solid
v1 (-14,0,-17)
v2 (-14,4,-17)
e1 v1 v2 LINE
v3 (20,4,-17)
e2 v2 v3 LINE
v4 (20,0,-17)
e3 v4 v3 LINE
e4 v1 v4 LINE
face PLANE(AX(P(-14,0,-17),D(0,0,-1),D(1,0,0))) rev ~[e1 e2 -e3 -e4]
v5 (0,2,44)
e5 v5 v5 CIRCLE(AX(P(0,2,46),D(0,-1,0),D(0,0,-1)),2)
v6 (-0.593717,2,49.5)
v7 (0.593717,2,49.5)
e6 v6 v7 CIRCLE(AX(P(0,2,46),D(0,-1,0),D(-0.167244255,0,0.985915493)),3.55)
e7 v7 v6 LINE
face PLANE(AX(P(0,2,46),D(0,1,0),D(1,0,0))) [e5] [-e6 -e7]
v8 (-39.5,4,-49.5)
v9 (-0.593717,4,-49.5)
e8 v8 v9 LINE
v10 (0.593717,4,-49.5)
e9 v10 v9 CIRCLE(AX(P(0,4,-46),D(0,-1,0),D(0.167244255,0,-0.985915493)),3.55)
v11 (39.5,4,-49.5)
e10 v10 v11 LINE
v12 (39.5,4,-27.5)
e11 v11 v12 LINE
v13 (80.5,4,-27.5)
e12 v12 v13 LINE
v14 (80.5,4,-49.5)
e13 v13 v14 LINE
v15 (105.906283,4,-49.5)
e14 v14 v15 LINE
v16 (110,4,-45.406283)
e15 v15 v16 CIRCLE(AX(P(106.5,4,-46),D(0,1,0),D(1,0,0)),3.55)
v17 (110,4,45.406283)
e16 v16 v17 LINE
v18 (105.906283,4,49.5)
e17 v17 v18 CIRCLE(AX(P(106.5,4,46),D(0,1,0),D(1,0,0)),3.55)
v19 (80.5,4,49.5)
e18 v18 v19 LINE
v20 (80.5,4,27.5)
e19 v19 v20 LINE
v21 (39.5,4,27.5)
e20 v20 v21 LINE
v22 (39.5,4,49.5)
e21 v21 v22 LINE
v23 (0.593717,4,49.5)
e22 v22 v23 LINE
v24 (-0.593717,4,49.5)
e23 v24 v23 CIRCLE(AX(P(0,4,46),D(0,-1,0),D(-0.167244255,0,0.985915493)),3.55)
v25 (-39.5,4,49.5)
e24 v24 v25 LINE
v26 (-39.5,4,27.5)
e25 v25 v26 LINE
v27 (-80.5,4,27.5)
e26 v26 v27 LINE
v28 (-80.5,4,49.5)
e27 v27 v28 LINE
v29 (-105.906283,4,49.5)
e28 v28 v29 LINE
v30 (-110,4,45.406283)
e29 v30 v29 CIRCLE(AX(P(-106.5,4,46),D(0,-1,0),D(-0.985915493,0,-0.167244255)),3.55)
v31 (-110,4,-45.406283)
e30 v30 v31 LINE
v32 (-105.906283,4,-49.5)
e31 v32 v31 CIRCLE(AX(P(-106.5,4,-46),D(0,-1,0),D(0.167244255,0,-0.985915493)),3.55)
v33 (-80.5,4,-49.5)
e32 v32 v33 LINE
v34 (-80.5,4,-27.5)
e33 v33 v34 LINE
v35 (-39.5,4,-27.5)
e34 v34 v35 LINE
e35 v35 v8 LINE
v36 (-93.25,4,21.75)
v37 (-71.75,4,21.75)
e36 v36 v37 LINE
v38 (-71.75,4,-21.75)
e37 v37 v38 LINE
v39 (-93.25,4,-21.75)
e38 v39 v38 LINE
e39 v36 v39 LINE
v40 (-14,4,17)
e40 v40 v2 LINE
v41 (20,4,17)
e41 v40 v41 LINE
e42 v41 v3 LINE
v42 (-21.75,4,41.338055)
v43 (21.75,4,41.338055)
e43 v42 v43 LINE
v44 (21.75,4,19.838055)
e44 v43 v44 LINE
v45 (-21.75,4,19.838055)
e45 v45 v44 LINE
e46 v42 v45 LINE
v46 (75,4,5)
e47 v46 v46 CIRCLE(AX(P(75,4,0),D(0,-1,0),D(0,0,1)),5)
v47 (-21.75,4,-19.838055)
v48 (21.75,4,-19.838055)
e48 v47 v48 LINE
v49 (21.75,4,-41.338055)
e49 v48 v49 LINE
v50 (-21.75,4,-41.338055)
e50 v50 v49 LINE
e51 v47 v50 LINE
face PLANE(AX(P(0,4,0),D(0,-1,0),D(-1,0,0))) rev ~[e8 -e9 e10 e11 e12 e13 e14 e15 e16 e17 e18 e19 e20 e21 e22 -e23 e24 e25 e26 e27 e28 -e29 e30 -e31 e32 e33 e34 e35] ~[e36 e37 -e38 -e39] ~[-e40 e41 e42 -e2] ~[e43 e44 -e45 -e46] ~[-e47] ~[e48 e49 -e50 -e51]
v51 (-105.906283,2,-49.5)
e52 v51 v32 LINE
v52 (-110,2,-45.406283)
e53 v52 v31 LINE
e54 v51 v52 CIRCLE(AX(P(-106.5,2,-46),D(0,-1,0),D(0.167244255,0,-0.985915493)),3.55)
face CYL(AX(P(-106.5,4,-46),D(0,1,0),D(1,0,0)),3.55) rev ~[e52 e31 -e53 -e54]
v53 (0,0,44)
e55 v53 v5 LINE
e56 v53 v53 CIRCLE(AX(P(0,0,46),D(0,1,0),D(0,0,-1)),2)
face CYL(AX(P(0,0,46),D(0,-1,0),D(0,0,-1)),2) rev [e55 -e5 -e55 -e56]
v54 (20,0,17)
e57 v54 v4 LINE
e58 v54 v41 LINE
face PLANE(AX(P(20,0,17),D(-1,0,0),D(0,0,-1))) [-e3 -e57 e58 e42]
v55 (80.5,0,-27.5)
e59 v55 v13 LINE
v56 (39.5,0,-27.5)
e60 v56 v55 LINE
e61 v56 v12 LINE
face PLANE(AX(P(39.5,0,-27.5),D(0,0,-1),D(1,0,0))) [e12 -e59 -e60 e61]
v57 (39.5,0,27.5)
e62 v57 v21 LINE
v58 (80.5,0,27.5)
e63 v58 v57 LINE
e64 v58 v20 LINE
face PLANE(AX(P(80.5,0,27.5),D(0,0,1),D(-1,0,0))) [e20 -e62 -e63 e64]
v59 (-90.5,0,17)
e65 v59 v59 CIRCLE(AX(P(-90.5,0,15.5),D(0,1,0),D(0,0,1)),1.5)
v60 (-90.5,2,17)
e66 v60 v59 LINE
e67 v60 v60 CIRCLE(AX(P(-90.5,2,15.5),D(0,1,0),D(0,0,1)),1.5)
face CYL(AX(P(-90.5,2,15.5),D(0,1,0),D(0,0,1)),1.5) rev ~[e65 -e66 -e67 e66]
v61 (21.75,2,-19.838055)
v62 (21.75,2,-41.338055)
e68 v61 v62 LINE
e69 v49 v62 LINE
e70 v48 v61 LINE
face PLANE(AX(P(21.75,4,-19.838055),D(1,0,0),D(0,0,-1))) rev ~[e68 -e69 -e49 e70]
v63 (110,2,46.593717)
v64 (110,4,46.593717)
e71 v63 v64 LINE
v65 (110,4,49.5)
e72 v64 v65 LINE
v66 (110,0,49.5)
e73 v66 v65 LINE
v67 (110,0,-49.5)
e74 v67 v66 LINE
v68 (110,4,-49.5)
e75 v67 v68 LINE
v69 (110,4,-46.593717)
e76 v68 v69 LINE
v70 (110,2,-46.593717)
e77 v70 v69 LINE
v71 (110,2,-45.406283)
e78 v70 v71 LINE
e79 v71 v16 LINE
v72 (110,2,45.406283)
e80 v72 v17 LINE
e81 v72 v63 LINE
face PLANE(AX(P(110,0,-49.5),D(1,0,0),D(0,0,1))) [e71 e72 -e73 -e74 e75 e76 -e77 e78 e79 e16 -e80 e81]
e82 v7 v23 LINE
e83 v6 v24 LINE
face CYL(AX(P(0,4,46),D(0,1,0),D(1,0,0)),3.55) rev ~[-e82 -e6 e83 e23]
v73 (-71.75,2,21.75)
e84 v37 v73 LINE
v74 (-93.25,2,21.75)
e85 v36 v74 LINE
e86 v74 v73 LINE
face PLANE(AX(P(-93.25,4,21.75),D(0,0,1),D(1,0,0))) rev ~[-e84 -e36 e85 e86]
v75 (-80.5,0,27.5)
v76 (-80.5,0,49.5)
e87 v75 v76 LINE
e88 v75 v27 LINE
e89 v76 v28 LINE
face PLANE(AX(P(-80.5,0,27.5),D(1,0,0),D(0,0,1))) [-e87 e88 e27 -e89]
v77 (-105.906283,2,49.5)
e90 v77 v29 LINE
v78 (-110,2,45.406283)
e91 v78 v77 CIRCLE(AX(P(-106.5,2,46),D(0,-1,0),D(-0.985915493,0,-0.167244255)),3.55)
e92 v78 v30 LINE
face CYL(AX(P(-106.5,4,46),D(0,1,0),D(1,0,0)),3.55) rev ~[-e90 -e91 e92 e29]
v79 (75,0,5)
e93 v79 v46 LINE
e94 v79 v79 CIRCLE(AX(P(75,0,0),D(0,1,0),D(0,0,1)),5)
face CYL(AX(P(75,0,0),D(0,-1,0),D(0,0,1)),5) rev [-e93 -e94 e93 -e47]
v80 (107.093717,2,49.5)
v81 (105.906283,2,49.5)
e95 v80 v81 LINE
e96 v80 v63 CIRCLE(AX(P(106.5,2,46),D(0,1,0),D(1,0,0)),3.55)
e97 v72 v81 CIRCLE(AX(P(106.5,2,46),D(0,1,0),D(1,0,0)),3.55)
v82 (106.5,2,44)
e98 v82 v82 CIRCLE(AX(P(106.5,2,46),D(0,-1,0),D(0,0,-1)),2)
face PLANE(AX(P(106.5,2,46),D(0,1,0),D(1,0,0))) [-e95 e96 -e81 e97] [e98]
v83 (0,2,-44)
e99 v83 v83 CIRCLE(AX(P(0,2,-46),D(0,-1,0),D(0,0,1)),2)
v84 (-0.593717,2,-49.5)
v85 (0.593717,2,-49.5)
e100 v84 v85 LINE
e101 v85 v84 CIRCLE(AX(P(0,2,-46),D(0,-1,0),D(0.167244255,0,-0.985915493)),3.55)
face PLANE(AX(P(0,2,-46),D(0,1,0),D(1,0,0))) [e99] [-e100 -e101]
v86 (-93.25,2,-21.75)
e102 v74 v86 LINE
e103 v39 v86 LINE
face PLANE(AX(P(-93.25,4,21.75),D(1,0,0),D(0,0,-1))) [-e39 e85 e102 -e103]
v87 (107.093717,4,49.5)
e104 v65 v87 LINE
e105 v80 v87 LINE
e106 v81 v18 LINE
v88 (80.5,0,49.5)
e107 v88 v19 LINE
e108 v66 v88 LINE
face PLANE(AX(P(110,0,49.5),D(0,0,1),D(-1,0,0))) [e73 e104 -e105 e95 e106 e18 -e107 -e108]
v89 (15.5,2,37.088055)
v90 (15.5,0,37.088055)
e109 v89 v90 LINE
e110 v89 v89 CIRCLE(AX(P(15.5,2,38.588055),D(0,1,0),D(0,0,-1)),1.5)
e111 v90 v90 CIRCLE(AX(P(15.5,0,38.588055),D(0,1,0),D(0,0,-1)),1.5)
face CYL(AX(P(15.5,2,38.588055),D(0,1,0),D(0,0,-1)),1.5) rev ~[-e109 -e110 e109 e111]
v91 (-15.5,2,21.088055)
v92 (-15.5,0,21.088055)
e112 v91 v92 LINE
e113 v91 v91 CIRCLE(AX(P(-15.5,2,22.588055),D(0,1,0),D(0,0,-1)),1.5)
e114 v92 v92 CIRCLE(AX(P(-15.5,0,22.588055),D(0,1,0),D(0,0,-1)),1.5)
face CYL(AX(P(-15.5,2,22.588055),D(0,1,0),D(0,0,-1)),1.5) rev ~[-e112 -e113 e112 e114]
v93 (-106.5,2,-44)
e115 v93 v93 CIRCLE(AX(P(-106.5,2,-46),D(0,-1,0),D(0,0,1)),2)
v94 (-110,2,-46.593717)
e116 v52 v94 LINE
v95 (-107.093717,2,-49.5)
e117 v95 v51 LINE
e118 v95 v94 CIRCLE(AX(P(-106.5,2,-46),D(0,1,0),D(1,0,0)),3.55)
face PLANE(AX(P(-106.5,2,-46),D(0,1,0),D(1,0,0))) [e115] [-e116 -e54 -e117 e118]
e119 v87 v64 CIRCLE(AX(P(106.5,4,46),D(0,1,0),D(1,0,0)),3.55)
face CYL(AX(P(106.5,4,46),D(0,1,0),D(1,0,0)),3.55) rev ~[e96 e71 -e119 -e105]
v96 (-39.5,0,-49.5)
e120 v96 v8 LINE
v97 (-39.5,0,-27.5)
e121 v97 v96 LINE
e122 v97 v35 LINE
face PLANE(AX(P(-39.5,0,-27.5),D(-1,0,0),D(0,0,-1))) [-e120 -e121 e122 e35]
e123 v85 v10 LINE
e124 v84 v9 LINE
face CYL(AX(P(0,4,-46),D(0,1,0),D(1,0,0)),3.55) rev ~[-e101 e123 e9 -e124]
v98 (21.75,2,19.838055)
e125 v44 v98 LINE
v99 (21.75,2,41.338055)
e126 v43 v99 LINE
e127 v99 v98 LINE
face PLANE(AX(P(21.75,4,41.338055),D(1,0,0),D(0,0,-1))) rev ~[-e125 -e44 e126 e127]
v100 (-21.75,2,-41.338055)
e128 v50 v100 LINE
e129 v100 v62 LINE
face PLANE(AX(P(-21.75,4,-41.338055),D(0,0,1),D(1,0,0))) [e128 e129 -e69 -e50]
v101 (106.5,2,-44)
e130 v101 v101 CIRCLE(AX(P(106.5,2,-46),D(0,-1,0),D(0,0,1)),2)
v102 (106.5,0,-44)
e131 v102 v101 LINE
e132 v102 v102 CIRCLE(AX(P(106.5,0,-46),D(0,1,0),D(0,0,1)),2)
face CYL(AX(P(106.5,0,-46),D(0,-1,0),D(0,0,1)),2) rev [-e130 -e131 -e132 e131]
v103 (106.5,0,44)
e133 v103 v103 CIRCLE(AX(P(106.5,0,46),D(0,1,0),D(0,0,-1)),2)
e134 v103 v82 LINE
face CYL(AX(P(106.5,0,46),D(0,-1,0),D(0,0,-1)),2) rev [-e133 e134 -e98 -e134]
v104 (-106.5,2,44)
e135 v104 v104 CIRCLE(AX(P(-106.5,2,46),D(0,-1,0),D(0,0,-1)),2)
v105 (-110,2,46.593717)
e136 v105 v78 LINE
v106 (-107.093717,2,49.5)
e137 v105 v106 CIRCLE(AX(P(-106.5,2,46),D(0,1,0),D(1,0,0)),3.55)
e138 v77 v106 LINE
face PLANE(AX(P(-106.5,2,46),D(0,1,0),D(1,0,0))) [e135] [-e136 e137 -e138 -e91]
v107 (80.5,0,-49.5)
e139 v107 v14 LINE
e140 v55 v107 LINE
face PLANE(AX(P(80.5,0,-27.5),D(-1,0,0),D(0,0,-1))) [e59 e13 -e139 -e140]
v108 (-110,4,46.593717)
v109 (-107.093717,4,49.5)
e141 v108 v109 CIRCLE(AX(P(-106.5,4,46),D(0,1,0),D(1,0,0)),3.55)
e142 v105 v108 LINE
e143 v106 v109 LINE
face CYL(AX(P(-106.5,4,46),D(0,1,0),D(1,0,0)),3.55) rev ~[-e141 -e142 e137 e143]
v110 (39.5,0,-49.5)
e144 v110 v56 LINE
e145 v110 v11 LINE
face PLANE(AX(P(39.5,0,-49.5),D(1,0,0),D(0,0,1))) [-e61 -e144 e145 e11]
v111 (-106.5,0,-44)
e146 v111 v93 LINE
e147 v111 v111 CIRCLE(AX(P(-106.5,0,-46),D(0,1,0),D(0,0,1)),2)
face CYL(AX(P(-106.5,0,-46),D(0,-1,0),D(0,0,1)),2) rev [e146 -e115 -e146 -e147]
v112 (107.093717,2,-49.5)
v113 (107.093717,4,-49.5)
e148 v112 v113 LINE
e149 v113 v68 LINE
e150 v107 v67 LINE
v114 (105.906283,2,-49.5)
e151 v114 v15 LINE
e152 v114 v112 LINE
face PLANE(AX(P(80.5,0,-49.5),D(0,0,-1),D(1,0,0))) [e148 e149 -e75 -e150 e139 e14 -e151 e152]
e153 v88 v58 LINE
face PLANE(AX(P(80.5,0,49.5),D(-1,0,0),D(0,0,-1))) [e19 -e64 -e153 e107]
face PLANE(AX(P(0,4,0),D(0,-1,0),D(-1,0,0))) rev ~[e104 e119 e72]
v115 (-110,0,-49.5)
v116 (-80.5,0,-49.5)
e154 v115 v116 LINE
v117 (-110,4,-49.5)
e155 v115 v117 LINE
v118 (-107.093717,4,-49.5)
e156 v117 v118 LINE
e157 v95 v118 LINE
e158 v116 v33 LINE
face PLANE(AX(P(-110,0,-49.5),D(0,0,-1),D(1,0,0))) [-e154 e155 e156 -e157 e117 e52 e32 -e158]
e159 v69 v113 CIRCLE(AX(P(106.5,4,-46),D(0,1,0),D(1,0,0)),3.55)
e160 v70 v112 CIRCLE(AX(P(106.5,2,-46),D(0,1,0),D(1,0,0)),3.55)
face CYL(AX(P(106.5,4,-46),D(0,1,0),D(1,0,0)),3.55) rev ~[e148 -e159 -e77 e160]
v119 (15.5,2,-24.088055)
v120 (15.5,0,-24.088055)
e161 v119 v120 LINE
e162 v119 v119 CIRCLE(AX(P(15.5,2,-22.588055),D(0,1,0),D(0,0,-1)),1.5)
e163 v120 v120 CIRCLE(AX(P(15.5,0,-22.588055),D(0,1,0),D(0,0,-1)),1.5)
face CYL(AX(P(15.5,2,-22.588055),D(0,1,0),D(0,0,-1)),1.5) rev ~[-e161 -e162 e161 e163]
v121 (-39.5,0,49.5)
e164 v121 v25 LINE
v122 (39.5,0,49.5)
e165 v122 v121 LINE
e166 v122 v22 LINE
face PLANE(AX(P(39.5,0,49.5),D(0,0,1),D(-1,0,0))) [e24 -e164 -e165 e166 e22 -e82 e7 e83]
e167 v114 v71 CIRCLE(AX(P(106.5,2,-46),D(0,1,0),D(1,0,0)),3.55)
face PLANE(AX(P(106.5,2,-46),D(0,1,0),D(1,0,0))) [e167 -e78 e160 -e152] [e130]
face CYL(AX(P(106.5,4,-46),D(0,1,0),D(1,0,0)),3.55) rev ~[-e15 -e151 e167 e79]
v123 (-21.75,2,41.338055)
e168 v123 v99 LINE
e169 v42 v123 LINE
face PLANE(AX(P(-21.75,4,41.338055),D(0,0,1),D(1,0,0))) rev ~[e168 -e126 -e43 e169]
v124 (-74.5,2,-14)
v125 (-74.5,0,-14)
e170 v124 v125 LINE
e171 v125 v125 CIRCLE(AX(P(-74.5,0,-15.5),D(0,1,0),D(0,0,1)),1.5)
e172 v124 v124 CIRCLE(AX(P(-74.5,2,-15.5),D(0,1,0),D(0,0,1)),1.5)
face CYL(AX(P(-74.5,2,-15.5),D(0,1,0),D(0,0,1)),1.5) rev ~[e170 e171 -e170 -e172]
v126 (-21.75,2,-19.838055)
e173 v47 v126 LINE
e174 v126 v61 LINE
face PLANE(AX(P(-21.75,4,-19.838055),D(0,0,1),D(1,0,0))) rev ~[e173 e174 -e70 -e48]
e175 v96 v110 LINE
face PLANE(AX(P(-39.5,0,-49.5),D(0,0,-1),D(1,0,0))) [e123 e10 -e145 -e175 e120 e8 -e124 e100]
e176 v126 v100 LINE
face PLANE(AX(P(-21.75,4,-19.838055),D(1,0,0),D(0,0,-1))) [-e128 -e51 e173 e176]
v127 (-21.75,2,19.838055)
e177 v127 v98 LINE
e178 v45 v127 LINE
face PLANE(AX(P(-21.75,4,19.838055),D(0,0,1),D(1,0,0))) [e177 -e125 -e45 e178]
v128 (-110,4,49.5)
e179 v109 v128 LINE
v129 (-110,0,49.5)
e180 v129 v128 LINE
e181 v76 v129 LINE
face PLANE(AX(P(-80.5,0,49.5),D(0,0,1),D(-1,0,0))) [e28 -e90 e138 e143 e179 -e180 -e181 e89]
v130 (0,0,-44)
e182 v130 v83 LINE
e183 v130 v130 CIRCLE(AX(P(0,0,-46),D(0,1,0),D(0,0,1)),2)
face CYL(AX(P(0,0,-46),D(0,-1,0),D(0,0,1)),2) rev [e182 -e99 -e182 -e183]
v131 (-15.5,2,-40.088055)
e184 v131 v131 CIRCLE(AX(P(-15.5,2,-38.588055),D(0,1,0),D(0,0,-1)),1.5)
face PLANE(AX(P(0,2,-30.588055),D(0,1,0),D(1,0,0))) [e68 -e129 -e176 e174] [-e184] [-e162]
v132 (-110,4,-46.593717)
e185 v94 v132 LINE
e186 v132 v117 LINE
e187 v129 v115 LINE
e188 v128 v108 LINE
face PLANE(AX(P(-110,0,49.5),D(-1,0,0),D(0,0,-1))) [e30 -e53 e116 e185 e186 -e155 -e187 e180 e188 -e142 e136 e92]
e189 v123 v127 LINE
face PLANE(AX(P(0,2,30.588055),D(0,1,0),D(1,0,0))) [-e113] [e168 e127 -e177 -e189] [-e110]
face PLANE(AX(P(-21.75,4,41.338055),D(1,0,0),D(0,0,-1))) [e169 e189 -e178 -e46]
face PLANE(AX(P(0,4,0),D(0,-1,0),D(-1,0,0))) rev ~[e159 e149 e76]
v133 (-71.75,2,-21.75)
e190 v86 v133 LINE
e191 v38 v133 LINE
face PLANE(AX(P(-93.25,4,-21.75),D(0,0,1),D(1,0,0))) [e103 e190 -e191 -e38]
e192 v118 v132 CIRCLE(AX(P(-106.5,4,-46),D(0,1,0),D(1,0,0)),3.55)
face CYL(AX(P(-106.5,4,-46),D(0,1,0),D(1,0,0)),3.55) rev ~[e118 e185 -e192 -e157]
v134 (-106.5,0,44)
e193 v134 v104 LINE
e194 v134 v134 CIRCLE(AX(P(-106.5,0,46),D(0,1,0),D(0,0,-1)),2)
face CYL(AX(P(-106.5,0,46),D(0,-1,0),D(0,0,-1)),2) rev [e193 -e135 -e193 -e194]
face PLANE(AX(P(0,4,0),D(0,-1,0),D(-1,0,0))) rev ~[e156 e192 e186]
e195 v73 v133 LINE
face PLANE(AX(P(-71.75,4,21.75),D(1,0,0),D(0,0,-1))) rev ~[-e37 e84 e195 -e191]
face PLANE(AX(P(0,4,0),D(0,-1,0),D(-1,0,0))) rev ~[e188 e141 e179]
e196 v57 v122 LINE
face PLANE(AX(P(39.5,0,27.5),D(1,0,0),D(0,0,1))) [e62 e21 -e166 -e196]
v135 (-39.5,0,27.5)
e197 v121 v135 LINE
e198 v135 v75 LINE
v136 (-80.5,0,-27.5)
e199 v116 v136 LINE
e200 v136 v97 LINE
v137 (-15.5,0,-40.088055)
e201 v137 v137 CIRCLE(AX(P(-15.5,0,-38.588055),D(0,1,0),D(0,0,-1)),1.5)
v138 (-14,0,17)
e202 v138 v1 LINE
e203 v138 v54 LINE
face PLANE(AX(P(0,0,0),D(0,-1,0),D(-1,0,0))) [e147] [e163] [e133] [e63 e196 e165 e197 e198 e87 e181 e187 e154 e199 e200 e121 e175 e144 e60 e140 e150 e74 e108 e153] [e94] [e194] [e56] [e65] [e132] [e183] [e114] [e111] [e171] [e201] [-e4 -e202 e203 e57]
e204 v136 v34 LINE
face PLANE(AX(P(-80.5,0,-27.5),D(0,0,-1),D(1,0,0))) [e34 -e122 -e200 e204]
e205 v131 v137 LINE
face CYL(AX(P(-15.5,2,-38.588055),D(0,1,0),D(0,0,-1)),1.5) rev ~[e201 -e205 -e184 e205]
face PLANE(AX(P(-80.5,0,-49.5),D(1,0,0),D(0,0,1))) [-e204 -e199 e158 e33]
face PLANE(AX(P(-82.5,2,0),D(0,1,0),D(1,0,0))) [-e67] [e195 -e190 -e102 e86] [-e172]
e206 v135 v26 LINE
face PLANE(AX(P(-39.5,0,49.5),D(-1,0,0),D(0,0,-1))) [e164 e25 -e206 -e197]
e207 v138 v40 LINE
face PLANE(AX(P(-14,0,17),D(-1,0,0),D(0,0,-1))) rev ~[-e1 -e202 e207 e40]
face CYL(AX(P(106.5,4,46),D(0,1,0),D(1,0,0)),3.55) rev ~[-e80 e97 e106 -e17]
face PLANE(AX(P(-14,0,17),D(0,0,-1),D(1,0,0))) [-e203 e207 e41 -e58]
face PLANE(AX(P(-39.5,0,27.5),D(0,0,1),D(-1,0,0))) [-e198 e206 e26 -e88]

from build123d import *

# Parameters (mm, degrees)
EXTRUDE_1_DEPTH      = 4
SKETCH_11_R          = 2
SKETCH_11_R_2        = 5
SKETCH_11_W          = 34
SKETCH_11_H          = 34
CUT_EXTRUDE_8_DEPTH  = 121.690720439
SKETCH_12_R          = 3.55
CUT_EXTRUDE_9_DEPTH  = 2
SKETCH_13_W          = 21.5
SKETCH_13_H          = 43.5
SKETCH_13_W_2        = 43.5
SKETCH_13_H_2        = 21.5
CUT_EXTRUDE_10_DEPTH = 2
SKETCH_14_R          = 1.5
CUT_EXTRUDE_11_DEPTH = 121.640996349


with BuildPart() as part:
    # 草圖1 → 填料-伸長1 (new body)
    with BuildSketch(Plane(origin=(0, 0, 0), x_dir=(1, 0, 0), z_dir=(0, 1, 0))):
        Polygon((-39.5, 49.5), (39.5, 49.5), (39.5, 27.5), (80.5, 27.5), (80.5, 49.5), (110, 49.5), (110, -49.5), (80.5, -49.5), (80.5, -27.5), (39.5, -27.5), (39.5, -49.5), (-39.5, -49.5), (-39.5, -27.5), (-80.5, -27.5), (-80.5, -49.5), (-110, -49.5), (-110, 49.5), (-80.5, 49.5), (-80.5, 27.5), (-39.5, 27.5), align=None)
    extrude(amount=EXTRUDE_1_DEPTH)

    # 草圖11 → 除料-伸長8 (cut, through all)
    with BuildSketch(Plane(origin=(0, 0, 0), x_dir=(1, 0, 0), z_dir=(0, 1, 0))):
        with Locations(Location((-106.5, 46, 0), (0, 0, 270))):
            Circle(SKETCH_11_R)
        with Locations(Location((-2.39e-07, 46, 0), (0, 0, 270))):
            Circle(SKETCH_11_R)
        with Locations(Location((106.5, 46, 0), (0, 0, 270))):
            Circle(SKETCH_11_R)
        with Locations(Location((-2.39e-07, -46, 0), (0, 0, 90))):
            Circle(SKETCH_11_R)
        with Locations(Location((-106.5, -46, 0), (0, 0, 90))):
            Circle(SKETCH_11_R)
        with Locations(Location((106.5, -46, 0), (0, 0, 90))):
            Circle(SKETCH_11_R)
        with Locations(Location((75, 0, 0), (0, 0, 270))):
            Circle(SKETCH_11_R_2)
        with Locations((3, 0)):
            Rectangle(SKETCH_11_W, SKETCH_11_H)
    extrude(amount=CUT_EXTRUDE_8_DEPTH, mode=Mode.SUBTRACT)

    # 草圖12 → 除料-伸長9 (cut)
    with BuildSketch(Plane(origin=(0, 4, 0), x_dir=(1, 0, 0), z_dir=(0, 1, 0))):
        with Locations((-106.5, 46)):
            Circle(SKETCH_12_R)
        with Locations((-2.39e-07, 46)):
            Circle(SKETCH_12_R)
        with Locations((-2.39e-07, -46)):
            Circle(SKETCH_12_R)
        with Locations((-106.5, -46)):
            Circle(SKETCH_12_R)
        with Locations((106.5, -46)):
            Circle(SKETCH_12_R)
        with Locations((106.5, 46)):
            Circle(SKETCH_12_R)
    extrude(amount=-CUT_EXTRUDE_9_DEPTH, mode=Mode.SUBTRACT)

    # 草圖13 → 除料-伸長10 (cut)
    with BuildSketch(Plane(origin=(0, 4, 0), x_dir=(1, 0, 0), z_dir=(0, 1, 0))):
        with Locations((-82.5, 0)):
            Rectangle(SKETCH_13_W, SKETCH_13_H)
        with Locations((0, -30.588054748)):
            Rectangle(SKETCH_13_W_2, SKETCH_13_H_2)
        with Locations((0, 30.588054748)):
            Rectangle(SKETCH_13_W_2, SKETCH_13_H_2)
    extrude(amount=-CUT_EXTRUDE_10_DEPTH, mode=Mode.SUBTRACT)

    # 草圖14 → 除料-伸長11 (cut, through all)
    with BuildSketch(Plane(origin=(0, 2, 0), x_dir=(1, 0, 0), z_dir=(0, 1, 0))):
        with Locations(Location((-74.5, 15.5, 0), (0, 0, 270))):
            Circle(SKETCH_14_R)
        with Locations(Location((-90.5, -15.5, 0), (0, 0, 270))):
            Circle(SKETCH_14_R)
        with Locations(Location((-15.5, -22.588054748, 0), (0, 0, 90))):
            Circle(SKETCH_14_R)
        with Locations(Location((15.5, -38.588054748, 0), (0, 0, 90))):
            Circle(SKETCH_14_R)
        with Locations(Location((15.5, 22.588054748, 0), (0, 0, 90))):
            Circle(SKETCH_14_R)
        with Locations(Location((-15.5, 38.588054748, 0), (0, 0, 90))):
            Circle(SKETCH_14_R)
    extrude(amount=-CUT_EXTRUDE_11_DEPTH, mode=Mode.SUBTRACT)


solid = part.part
